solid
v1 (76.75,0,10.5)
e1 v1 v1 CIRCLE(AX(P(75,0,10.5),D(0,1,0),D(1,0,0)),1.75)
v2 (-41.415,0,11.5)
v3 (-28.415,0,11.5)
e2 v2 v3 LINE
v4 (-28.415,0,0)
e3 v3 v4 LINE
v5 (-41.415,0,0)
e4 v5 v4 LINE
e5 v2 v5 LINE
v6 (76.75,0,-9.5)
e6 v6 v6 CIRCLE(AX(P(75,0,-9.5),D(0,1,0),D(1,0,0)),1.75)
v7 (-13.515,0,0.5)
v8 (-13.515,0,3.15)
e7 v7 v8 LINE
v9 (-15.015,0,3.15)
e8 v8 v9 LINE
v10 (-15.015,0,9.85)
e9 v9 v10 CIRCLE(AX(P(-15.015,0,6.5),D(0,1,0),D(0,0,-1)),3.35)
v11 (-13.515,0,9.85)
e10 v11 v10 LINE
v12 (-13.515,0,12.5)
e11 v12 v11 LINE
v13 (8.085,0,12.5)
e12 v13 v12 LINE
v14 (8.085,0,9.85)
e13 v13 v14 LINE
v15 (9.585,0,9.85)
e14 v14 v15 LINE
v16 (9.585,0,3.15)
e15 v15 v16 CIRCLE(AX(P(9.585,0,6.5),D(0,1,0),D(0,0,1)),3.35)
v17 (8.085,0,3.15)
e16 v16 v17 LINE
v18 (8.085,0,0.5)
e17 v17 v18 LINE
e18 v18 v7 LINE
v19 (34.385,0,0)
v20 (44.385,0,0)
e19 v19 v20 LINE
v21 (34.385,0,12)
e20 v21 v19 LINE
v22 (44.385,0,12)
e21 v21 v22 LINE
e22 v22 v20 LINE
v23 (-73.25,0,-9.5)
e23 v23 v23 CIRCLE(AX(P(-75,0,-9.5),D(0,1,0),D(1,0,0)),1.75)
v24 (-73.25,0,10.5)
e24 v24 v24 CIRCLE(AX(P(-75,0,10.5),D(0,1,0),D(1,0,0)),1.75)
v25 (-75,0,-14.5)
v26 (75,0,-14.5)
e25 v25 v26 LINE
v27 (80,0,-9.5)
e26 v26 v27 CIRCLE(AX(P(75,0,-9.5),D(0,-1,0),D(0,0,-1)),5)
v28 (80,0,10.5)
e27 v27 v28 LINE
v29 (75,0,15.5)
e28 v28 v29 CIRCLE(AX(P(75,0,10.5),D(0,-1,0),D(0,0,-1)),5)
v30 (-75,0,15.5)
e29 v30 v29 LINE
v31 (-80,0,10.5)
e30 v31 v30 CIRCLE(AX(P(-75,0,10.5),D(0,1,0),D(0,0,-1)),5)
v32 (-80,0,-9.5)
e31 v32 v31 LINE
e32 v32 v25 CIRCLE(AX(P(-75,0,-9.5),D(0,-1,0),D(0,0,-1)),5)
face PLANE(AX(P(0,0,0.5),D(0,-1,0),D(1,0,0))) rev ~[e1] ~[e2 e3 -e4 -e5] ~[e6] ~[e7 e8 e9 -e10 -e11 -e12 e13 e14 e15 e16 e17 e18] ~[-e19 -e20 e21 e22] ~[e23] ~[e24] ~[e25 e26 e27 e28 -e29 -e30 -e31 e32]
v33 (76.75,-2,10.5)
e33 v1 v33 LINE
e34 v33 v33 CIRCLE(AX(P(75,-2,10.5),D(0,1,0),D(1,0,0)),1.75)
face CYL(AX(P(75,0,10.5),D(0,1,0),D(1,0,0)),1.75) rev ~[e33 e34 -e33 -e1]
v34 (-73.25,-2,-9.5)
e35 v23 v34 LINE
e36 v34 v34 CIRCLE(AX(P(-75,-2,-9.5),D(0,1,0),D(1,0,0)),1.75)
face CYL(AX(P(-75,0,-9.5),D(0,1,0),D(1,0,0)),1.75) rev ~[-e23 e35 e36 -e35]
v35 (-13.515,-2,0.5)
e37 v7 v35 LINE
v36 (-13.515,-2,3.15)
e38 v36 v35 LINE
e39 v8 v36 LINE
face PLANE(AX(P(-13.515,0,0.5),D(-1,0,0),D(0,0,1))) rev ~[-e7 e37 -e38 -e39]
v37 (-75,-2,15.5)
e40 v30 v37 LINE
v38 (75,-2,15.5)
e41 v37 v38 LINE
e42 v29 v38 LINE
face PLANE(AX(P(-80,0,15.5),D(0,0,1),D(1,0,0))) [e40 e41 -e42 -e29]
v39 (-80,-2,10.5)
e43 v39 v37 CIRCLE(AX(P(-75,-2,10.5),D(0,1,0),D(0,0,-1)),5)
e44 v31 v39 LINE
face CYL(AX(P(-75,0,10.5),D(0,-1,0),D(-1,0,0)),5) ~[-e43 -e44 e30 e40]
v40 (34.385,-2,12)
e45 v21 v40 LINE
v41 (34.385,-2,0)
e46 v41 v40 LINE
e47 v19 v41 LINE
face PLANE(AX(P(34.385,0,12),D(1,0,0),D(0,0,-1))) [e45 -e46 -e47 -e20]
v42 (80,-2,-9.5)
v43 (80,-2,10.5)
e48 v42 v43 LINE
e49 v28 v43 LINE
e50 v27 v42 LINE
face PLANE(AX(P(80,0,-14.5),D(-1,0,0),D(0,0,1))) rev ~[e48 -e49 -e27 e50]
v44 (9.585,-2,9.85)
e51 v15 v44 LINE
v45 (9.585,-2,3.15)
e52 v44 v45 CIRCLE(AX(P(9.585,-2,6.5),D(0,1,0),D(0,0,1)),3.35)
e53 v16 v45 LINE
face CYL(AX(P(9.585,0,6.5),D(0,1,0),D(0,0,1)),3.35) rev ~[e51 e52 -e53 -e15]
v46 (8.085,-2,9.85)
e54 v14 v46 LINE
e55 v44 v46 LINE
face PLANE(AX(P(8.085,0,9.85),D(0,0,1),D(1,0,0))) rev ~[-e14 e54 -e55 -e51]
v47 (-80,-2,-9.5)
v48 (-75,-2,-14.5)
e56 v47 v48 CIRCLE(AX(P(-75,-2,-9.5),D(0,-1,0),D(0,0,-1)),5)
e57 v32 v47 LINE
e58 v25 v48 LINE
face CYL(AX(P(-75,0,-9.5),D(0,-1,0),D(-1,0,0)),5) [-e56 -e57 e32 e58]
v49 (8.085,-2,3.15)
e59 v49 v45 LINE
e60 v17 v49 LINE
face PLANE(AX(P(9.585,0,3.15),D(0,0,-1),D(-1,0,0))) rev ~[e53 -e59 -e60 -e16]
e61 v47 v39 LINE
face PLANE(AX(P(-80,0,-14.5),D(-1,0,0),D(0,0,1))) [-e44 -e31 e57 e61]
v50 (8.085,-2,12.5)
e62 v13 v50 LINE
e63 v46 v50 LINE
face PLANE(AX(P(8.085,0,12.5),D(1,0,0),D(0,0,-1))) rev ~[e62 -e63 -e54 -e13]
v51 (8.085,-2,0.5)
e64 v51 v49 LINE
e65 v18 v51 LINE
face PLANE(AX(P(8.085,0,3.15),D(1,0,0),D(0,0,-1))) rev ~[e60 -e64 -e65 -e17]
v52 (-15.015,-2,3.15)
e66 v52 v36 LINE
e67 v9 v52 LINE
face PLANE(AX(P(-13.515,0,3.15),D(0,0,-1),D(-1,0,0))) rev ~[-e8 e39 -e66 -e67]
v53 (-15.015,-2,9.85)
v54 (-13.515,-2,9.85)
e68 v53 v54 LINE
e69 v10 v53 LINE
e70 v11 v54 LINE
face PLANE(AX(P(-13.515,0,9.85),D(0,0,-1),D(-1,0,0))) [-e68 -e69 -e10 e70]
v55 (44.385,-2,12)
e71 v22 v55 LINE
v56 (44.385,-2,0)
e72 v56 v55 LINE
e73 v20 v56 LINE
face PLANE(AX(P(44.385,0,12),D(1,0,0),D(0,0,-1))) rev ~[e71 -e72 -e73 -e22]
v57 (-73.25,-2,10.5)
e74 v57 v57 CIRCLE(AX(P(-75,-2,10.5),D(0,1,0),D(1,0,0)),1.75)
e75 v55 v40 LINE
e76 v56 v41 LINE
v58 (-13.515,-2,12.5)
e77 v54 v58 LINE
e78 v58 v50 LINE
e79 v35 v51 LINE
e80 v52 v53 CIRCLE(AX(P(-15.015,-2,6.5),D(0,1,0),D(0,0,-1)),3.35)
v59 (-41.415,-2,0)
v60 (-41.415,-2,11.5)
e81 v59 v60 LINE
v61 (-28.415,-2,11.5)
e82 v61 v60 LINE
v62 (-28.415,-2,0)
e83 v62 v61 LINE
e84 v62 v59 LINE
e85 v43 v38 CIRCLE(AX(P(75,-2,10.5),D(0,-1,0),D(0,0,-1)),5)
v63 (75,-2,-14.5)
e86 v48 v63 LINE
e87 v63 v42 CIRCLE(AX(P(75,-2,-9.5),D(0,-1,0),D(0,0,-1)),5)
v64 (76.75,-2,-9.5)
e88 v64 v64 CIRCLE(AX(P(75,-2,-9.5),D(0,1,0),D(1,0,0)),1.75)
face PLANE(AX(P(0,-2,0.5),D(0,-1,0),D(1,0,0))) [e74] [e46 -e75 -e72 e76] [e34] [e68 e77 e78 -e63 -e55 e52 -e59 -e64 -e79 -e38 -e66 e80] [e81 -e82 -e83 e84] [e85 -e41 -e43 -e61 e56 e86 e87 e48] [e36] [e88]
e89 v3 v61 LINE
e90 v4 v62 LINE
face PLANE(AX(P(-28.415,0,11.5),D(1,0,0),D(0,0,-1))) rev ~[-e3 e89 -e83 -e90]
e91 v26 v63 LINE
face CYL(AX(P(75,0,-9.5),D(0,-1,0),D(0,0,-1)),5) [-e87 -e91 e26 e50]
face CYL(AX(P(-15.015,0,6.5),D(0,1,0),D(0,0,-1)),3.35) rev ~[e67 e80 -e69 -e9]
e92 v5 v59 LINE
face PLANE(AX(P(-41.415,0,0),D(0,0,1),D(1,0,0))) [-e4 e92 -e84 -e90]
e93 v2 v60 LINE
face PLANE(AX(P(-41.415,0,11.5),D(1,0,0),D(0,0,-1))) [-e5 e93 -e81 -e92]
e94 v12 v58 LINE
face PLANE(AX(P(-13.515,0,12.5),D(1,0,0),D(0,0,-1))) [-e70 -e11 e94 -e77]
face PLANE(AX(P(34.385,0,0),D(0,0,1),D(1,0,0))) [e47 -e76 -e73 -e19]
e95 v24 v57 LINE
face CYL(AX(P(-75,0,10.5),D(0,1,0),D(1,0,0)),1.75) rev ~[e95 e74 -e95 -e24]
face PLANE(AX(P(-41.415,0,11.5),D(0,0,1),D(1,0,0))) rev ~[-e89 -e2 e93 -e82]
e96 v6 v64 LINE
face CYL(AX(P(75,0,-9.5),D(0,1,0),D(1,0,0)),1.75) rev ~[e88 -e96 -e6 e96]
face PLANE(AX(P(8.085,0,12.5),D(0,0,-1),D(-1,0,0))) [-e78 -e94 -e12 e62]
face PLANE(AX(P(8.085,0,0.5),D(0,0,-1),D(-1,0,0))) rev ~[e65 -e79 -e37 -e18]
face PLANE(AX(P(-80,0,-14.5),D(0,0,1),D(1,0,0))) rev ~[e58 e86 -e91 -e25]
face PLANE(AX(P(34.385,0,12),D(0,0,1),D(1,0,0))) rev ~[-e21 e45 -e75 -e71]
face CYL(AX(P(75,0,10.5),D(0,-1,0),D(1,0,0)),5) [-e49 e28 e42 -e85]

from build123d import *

# Parameters (mm, degrees)
SKETCH017_W          = 160
SKETCH017_H          = 30
PAD014_DEPTH         = 2
FILLET_R             = 5
SKETCH018_R          = 1.75
SKETCH018_W          = 13
SKETCH018_H          = 11.5
SKETCH018_W_2        = 10
SKETCH018_H_2        = 12
POCKET009_DEPTH      = 2.001
POCKET009_DEPTH_BACK = 0.001


with BuildPart() as part:
    # Sketch017 → Pad014 (new body)
    with BuildSketch(Plane.XZ):
        with Locations((0, 0.5)):
            Rectangle(SKETCH017_W, SKETCH017_H)
    extrude(amount=PAD014_DEPTH)

    # Fillet
    fillet_edges = [part.edges().sort_by_distance(p)[0] for p in [
        (80, -1, 15.5),
        (80, -1, -14.5),
        (-80, -1, 15.5),
        (-80, -1, -14.5),
    ]]
    fillet(fillet_edges, radius=FILLET_R)

    # Sketch018 (on Face5 of Pad014) → Pocket009 (cut, two sides)
    with BuildSketch(Plane(origin=(0, 0, 0), x_dir=(1, 0, 0), z_dir=(0, 1, 0))) as pocket009_sk:
        with Locations((-75, 9.5)):
            Circle(SKETCH018_R)
        with Locations((-75, -10.5)):
            Circle(SKETCH018_R)
        with Locations((75, 9.5)):
            Circle(SKETCH018_R)
        with Locations((75, -10.5)):
            Circle(SKETCH018_R)
        with BuildLine():
            Line((8.085, -12.5), (-13.515, -12.5))
            Line((-13.515, -12.5), (-13.515, -9.85))
            Line((-13.515, -9.85), (-15.015, -9.85))
            ThreePointArc((-15.015, -3.15), (-18.365, -6.5), (-15.015, -9.85))
            Line((-13.515, -3.15), (-15.015, -3.15))
            Line((-13.515, -0.5), (-13.515, -3.15))
            Line((8.085, -0.5), (-13.515, -0.5))
            Line((8.085, -3.15), (8.085, -0.5))
            Line((9.585, -3.15), (8.085, -3.15))
            ThreePointArc((9.585, -9.85), (12.935, -6.5), (9.585, -3.15))
            Line((8.085, -9.85), (9.585, -9.85))
            Line((8.085, -12.5), (8.085, -9.85))
        make_face()
        with Locations((-34.915, -5.75)):
            Rectangle(SKETCH018_W, SKETCH018_H)
        with Locations((39.385, -6)):
            Rectangle(SKETCH018_W_2, SKETCH018_H_2)
    extrude(amount=-POCKET009_DEPTH, mode=Mode.SUBTRACT)
    extrude(pocket009_sk.sketch, amount=POCKET009_DEPTH_BACK, mode=Mode.SUBTRACT)


solid = part.part
